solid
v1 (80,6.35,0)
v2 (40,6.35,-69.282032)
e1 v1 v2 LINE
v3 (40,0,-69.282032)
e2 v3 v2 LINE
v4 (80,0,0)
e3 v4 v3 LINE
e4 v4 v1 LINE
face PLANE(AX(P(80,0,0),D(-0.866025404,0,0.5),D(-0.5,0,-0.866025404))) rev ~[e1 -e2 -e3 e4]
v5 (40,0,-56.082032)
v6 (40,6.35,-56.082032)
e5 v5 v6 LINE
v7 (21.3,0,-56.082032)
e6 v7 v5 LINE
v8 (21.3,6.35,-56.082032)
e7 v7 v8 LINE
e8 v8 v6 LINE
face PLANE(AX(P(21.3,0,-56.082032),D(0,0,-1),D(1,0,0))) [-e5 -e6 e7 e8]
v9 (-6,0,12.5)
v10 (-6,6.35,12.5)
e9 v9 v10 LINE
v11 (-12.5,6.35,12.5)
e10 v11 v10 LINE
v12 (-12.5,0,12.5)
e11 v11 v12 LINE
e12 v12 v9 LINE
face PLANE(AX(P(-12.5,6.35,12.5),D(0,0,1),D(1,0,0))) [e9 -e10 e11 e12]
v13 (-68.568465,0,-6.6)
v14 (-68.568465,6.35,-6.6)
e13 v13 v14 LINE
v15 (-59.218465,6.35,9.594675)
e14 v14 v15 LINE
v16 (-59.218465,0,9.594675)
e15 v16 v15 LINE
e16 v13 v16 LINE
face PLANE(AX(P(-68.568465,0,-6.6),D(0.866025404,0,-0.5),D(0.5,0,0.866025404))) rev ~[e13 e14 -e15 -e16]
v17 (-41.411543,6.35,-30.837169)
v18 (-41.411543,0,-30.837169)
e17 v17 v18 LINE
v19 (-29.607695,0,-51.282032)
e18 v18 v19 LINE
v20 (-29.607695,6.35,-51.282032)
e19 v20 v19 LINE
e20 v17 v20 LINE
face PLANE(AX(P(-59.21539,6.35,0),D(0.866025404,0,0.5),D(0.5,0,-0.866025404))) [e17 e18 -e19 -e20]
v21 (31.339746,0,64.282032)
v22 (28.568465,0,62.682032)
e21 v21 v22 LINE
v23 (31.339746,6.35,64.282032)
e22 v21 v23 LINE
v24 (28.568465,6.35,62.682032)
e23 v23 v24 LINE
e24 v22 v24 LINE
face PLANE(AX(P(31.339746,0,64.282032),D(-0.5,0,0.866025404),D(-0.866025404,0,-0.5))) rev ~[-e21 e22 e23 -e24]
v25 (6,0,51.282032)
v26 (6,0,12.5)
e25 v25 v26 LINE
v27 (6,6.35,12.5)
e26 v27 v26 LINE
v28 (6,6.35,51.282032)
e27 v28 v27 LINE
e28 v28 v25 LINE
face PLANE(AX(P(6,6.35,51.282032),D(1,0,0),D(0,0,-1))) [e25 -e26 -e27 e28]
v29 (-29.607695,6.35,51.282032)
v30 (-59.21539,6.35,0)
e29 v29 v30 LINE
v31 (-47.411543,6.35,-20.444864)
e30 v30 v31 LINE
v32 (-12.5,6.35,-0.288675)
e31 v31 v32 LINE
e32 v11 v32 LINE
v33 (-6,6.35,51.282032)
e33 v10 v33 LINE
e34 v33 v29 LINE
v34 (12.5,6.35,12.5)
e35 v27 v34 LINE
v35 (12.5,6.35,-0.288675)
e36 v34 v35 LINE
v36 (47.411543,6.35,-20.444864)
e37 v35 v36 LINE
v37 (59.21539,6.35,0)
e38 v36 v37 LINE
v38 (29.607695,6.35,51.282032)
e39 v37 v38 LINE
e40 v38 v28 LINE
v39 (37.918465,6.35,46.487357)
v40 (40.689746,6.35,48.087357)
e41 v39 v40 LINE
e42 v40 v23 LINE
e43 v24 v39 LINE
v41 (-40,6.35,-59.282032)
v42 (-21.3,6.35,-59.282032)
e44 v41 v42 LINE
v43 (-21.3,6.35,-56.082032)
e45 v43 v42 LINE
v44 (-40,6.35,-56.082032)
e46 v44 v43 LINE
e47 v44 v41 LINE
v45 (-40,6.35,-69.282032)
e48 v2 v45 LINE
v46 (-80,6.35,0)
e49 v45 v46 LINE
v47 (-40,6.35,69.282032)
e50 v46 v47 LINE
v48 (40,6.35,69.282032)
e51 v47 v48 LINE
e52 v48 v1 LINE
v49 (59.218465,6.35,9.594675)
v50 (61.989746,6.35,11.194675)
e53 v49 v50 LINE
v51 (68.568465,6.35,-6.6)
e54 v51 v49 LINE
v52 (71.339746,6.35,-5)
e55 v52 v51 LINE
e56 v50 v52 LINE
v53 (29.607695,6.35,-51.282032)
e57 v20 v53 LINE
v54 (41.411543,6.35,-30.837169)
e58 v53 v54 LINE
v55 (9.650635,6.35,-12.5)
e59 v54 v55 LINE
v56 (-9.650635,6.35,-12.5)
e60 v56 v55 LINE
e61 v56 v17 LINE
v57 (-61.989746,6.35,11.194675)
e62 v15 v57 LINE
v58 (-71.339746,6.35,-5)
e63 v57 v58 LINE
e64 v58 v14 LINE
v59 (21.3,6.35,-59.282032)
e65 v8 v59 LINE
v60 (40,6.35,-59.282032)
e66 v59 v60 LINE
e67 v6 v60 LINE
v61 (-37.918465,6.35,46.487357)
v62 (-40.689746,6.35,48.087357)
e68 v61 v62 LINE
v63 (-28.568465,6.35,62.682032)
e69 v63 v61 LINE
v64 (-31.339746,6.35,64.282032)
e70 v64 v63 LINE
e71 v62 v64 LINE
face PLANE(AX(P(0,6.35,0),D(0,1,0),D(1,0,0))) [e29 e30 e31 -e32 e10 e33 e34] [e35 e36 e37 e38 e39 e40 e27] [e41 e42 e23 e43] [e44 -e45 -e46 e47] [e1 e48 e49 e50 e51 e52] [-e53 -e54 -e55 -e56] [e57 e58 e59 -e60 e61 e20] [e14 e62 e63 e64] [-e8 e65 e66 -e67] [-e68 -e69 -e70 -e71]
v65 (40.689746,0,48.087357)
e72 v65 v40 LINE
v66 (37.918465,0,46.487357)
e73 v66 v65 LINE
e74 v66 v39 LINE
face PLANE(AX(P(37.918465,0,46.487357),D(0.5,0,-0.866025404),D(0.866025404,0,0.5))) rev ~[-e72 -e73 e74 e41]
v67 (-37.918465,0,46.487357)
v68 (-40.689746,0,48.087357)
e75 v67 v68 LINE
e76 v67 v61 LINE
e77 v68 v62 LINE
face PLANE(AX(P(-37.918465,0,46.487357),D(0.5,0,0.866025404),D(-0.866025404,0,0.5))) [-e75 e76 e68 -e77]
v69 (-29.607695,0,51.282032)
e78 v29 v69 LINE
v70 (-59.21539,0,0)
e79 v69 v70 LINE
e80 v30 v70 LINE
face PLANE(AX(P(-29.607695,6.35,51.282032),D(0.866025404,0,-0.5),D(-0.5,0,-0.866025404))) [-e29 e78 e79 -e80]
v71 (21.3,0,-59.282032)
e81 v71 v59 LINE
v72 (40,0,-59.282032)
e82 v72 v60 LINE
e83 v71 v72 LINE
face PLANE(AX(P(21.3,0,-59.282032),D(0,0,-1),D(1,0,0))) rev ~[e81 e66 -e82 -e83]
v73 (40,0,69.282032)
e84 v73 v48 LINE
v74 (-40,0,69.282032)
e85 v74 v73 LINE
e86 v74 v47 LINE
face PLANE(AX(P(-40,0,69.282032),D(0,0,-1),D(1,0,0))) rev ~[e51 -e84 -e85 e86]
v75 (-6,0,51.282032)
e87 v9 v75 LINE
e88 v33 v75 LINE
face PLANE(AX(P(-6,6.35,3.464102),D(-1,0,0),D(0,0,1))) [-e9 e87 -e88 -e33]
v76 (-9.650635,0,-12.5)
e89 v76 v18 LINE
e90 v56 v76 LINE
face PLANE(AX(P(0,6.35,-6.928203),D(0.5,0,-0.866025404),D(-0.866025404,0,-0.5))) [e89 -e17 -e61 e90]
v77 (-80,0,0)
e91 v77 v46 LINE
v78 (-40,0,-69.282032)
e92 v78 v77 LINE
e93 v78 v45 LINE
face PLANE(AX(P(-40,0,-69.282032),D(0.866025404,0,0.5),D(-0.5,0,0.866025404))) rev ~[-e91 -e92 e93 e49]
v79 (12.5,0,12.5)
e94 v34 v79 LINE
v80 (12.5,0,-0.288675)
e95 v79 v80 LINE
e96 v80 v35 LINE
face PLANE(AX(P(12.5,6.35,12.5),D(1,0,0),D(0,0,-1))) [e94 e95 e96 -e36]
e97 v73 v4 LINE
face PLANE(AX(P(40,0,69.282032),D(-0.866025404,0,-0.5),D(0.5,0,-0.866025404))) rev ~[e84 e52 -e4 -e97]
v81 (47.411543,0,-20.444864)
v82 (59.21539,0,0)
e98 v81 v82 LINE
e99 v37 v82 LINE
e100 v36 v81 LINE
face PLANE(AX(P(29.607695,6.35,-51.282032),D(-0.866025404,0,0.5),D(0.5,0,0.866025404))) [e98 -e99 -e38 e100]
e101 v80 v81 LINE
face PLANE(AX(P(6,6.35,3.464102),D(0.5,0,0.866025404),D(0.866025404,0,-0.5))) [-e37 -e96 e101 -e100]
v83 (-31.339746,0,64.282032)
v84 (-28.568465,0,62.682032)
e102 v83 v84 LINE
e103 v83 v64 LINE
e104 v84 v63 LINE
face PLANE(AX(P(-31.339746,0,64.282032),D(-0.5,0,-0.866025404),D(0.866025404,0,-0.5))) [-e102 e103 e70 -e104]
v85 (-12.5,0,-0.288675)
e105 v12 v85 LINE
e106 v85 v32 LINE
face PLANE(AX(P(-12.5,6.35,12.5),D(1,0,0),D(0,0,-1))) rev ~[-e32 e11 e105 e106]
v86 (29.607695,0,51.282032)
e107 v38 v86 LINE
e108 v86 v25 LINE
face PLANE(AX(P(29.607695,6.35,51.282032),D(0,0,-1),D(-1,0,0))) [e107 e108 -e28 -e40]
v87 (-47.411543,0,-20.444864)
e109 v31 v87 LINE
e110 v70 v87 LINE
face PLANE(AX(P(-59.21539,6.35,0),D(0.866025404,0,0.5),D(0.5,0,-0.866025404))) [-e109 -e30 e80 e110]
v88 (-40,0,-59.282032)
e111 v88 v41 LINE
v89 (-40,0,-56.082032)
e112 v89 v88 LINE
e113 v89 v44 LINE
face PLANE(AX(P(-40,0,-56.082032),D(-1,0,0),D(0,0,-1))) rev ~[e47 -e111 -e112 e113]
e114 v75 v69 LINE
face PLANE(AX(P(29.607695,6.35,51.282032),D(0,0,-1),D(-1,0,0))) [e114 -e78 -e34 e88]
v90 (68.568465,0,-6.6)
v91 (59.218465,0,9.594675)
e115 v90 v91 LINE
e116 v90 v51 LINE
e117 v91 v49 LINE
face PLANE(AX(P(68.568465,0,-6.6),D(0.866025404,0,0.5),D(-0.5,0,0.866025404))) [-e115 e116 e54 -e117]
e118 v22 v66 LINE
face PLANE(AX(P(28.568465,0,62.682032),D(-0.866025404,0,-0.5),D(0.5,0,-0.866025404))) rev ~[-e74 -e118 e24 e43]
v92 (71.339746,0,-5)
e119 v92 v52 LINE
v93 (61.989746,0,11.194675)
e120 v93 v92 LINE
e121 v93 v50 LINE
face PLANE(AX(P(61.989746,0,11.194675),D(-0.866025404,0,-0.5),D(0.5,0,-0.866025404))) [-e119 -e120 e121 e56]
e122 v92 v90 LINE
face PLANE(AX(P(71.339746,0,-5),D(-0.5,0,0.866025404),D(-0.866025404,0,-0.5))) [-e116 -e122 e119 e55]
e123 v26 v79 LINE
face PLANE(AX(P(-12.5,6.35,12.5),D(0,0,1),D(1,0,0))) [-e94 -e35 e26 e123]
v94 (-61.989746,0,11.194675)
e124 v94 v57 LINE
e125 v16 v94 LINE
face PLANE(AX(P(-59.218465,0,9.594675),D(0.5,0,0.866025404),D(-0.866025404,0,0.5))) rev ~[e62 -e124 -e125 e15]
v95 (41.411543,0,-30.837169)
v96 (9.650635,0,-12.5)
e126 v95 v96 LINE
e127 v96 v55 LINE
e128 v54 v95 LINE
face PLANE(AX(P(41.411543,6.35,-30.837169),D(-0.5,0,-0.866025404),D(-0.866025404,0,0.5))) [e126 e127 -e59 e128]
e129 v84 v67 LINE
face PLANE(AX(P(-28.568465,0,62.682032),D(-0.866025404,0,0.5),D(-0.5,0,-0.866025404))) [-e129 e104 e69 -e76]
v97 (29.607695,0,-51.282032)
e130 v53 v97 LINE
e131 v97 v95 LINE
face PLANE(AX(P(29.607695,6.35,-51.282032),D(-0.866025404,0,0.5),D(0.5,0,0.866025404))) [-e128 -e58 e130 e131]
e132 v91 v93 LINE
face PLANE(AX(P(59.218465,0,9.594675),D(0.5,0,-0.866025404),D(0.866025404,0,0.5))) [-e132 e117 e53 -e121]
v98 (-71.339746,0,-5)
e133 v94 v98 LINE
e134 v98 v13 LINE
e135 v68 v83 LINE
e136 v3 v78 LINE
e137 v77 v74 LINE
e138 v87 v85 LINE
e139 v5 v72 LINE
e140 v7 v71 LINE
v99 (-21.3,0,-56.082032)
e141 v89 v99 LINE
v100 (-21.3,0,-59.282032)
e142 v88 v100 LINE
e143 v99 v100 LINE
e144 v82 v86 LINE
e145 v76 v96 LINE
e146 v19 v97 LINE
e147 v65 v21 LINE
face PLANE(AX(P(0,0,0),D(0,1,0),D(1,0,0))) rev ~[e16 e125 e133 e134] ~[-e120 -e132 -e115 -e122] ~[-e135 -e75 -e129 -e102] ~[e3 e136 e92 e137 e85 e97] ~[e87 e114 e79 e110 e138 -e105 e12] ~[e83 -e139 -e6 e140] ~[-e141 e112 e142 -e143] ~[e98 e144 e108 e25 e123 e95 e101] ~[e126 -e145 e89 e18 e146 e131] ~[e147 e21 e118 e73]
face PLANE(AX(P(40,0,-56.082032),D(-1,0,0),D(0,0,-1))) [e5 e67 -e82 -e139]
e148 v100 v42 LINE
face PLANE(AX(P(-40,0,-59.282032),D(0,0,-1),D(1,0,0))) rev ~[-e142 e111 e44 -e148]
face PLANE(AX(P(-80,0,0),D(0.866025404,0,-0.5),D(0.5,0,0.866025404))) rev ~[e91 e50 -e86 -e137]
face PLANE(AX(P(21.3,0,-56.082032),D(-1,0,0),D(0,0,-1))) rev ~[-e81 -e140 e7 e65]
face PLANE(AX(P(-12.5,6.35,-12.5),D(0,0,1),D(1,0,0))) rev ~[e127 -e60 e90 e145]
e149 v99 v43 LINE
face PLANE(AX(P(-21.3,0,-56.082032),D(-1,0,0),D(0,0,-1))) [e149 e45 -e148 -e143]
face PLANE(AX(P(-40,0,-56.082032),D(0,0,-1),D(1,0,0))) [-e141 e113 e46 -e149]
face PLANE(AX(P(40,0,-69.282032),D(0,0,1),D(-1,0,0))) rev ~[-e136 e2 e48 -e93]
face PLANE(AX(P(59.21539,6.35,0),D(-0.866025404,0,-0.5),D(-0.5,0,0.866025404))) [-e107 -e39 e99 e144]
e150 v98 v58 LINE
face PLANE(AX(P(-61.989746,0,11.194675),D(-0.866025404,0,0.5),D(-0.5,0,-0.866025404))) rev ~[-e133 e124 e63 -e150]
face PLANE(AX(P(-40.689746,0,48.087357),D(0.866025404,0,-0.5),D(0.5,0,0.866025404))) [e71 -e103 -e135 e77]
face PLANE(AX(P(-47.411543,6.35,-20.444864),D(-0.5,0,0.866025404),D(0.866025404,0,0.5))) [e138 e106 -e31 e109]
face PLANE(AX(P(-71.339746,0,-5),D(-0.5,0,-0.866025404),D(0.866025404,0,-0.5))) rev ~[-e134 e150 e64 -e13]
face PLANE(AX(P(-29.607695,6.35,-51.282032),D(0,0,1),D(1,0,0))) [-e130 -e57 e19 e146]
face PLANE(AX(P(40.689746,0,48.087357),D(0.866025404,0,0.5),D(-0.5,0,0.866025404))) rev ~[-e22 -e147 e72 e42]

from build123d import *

# Parameters (mm, degrees)
SKETCH1_W           = 18.7
SKETCH1_H           = 3.2
BOSS_EXTRUDE1_DEPTH = 6.35
CUT_EXTRUDE1_DEPTH  = 6.35
BOSS_EXTRUDE2_DEPTH = 6.35
SKETCH4_W           = 25
SKETCH4_H           = 25
BOSS_EXTRUDE3_DEPTH = 6.35


with BuildPart() as part:
    # Sketch1 → Boss-Extrude1 (new body)
    with BuildSketch(Plane(origin=(0, 0, 0), x_dir=(1, 0, 0), z_dir=(0, 1, 0))):
        Polygon((40, -69.282032303), (80, 0), (40, 69.282032303), (-40, 69.282032303), (-80, 0), (-40, -69.282032303), align=None)
        Polygon((-68.56846467, 6.6), (-59.21846467, -9.594675051), (-61.989745962, -11.194675051), (-71.339745962, 5), align=None, mode=Mode.SUBTRACT)
        Polygon((-31.339745962, -64.282032303), (-28.56846467, -62.682032303), (-37.91846467, -46.487357252), (-40.689745962, -48.087357252), align=None, mode=Mode.SUBTRACT)
        Polygon((28.56846467, -62.682032303), (37.91846467, -46.487357252), (40.689745962, -48.087357252), (31.339745962, -64.282032303), align=None, mode=Mode.SUBTRACT)
        Polygon((71.339745962, 5), (68.56846467, 6.6), (59.21846467, -9.594675051), (61.989745962, -11.194675051), align=None, mode=Mode.SUBTRACT)
        with Locations((30.65, 57.682032303)):
            Rectangle(SKETCH1_W, SKETCH1_H, mode=Mode.SUBTRACT)
        with Locations((-30.65, 57.682032303)):
            Rectangle(SKETCH1_W, SKETCH1_H, mode=Mode.SUBTRACT)
    extrude(amount=BOSS_EXTRUDE1_DEPTH)

    # Sketch2 → Cut-Extrude1 (cut)
    with BuildSketch(Plane(origin=(0, 6.35, 0), x_dir=(1, 0, 0), z_dir=(0, 1, 0))):
        Polygon((-59.215390309, 0), (-29.607695155, 51.282032303), (29.607695155, 51.282032303), (59.215390309, 0), (29.607695155, -51.282032303), (-29.607695155, -51.282032303), align=None)
    extrude(amount=-CUT_EXTRUDE1_DEPTH, mode=Mode.SUBTRACT)

    # Sketch3 → Boss-Extrude2 (add)
    with BuildSketch(Plane(origin=(0, 6.35, 0), x_dir=(1, 0, 0), z_dir=(0, 1, 0))):
        Polygon((-6, -3.464101615), (-6, -51.282032303), (6, -51.282032303), (6, -3.464101615), (3, -5.196152423), (0, 0), (-3, -5.196152423), align=None)
        Polygon((6, 0), (6, -3.464101615), (47.411542732, 20.444863729), (41.411542732, 30.837168574), (0, 6.92820323), (3, 5.196152423), (0, 0), align=None)
        Polygon((-47.411542732, 20.444863729), (-6, -3.464101615), (-6, 0), (0, 0), (-3, 5.196152423), (0, 6.92820323), (-41.411542732, 30.837168574), align=None)
        Polygon((-3, 5.196152423), (0, 0), (3, 5.196152423), (0, 6.92820323), align=None)
        Polygon((3, -5.196152423), (6, -3.464101615), (6, 0), (0, 0), align=None)
        Polygon((-6, 0), (-6, -3.464101615), (-3, -5.196152423), (0, 0), align=None)
    extrude(amount=-BOSS_EXTRUDE2_DEPTH)

    # Sketch4 → Boss-Extrude3 (add)
    with BuildSketch(Plane(origin=(0, 6.35, 0), x_dir=(1, 0, 0), z_dir=(0, 1, 0))):
        Rectangle(SKETCH4_W, SKETCH4_H)
    extrude(amount=-BOSS_EXTRUDE3_DEPTH)


solid = part.part
